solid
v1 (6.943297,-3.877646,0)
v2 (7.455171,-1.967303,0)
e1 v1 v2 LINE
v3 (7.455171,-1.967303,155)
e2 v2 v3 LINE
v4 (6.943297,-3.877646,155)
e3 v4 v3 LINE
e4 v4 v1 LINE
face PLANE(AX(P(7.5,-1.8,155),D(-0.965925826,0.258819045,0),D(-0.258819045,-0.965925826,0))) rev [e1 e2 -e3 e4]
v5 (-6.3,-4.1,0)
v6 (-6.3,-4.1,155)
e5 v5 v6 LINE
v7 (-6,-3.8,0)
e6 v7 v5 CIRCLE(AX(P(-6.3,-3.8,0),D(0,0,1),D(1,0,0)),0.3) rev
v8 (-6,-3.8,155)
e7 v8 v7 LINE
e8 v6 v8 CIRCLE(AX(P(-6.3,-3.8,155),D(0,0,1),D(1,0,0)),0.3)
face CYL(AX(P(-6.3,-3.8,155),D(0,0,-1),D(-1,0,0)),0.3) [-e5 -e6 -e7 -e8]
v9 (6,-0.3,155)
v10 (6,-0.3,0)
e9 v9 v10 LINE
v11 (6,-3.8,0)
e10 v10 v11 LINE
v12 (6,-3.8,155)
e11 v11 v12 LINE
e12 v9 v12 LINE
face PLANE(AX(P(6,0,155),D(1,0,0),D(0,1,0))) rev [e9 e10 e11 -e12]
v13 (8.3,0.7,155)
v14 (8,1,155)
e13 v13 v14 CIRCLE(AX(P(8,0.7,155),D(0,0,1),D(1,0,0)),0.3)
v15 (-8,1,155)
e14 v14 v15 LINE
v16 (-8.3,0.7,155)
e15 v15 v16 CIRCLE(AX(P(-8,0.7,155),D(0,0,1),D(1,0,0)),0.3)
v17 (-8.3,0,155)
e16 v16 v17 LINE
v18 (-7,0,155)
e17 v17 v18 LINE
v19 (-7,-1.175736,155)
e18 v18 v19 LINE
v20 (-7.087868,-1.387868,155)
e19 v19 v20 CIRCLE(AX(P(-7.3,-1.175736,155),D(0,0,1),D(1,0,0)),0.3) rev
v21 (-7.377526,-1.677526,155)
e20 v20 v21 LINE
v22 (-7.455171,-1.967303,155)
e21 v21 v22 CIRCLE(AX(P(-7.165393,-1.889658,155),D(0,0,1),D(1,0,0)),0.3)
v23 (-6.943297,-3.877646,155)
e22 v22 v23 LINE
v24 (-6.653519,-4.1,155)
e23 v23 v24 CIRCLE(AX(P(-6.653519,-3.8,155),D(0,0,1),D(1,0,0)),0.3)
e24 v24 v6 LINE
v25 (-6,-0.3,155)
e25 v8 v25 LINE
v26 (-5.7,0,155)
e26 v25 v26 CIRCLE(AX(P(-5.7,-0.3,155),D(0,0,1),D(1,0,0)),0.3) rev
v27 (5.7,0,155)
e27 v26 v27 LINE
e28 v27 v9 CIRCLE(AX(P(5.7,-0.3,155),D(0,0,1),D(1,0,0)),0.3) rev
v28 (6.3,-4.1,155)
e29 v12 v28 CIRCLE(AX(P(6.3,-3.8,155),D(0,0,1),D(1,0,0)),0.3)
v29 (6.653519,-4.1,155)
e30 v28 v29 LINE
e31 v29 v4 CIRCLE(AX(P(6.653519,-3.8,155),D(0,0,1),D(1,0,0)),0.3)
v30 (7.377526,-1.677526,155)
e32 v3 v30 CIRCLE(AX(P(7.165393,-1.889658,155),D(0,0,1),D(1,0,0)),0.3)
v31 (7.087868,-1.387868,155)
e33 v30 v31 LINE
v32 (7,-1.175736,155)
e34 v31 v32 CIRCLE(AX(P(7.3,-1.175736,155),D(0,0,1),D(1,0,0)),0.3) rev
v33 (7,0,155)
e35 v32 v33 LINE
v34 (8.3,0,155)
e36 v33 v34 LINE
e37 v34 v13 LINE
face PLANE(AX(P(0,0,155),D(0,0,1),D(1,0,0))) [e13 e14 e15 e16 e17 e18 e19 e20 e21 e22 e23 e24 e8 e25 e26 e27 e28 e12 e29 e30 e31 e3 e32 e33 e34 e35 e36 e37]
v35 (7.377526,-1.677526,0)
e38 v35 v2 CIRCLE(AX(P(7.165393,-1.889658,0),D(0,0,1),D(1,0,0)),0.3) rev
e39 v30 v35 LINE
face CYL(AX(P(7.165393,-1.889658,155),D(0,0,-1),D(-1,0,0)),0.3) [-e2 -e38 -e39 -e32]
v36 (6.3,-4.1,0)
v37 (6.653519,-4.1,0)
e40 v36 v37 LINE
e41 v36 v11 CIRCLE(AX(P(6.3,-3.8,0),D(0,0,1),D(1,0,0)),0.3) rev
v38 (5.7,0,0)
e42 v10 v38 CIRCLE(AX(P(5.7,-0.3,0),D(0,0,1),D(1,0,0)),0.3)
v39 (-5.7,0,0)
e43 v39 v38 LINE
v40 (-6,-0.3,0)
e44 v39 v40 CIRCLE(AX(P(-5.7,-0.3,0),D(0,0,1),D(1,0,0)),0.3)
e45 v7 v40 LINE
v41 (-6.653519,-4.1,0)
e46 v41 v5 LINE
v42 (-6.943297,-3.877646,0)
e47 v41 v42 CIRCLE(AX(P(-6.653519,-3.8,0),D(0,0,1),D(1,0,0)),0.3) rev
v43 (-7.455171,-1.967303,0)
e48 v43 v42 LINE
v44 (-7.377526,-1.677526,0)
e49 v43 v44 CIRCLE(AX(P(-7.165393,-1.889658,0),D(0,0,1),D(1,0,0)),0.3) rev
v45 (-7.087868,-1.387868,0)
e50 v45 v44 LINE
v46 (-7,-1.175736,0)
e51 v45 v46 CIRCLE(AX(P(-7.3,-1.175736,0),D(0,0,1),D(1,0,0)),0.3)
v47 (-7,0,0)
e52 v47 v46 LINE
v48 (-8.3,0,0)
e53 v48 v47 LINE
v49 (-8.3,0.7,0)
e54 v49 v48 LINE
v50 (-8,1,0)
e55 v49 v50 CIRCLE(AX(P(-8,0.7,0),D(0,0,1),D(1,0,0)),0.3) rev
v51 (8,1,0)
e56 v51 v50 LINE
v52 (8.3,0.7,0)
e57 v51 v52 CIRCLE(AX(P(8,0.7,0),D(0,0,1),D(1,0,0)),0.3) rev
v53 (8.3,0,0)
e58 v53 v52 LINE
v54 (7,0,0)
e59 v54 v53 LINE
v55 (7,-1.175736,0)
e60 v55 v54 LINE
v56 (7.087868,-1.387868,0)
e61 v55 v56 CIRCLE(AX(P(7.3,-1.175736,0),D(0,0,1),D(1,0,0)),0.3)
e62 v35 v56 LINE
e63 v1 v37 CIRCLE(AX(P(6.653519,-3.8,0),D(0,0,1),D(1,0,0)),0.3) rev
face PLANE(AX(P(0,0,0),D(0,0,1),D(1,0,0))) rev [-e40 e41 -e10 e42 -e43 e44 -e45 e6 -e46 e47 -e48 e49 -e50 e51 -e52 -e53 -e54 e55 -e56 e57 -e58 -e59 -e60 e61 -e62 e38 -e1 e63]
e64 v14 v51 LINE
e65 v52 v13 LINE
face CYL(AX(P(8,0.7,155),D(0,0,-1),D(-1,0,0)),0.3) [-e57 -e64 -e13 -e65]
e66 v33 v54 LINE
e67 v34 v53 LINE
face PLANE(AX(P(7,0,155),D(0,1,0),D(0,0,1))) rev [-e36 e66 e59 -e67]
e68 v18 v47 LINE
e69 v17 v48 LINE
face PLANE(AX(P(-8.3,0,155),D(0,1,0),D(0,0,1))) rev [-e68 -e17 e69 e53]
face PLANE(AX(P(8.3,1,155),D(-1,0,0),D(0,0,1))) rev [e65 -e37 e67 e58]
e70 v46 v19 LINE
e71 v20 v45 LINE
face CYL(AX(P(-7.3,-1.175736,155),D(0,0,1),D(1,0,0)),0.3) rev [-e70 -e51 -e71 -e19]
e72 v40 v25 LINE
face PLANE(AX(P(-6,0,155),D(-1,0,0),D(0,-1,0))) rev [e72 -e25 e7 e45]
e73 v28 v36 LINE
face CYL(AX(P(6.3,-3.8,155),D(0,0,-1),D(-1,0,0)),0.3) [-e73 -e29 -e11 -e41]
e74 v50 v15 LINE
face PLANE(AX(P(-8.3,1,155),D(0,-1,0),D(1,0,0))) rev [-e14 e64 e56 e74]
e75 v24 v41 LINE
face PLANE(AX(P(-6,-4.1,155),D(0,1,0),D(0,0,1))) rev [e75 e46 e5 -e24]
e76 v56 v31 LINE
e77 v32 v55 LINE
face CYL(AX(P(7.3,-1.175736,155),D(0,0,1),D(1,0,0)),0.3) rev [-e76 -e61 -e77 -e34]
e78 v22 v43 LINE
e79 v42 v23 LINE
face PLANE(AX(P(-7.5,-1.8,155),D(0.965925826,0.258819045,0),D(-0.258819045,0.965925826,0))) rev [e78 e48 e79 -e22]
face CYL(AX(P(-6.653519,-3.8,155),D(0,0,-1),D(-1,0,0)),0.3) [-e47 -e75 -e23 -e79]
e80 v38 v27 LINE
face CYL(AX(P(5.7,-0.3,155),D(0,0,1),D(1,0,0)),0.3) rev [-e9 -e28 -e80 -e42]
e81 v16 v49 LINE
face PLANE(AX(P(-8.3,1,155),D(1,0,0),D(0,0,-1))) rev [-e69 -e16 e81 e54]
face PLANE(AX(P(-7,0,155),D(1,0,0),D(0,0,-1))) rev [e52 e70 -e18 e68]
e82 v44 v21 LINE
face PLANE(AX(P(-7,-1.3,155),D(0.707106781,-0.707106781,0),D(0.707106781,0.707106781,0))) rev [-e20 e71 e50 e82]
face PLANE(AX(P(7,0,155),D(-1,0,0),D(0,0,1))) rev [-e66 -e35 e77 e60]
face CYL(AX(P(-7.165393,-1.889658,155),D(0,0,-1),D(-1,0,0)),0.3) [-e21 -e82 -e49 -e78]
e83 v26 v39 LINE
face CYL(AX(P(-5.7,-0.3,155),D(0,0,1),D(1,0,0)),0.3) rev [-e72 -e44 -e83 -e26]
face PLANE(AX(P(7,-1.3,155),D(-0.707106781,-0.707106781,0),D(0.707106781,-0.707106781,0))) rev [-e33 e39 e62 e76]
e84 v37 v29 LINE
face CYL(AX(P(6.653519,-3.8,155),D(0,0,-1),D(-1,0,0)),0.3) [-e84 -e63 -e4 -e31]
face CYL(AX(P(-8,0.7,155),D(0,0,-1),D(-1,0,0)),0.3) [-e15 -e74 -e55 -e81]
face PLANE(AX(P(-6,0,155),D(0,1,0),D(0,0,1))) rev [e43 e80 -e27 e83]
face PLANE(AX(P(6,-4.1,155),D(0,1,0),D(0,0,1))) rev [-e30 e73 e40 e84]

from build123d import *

# Parameters (mm, degrees)
BOSS_EXTRUDE1_DEPTH = 155
FILLET1_R           = 0.3


with BuildPart() as part:
    # Sketch1 → Boss-Extrude1 (new body)
    with BuildSketch(Plane.XY):
        Polygon((-8.3, 1), (8.3, 1), (8.3, 0), (7, 0), (7, -1.3), (7.5, -1.8), (6.883716857, -4.1), (6, -4.1), (6, 0), (-6, 0), (-6, -4.1), (-6.883716857, -4.1), (-7.5, -1.8), (-7, -1.3), (-7, 0), (-8.3, 0), align=None)
    extrude(amount=BOSS_EXTRUDE1_DEPTH)

    # Fillet1
    fillet1_edges = [part.edges().sort_by_distance(p)[0] for p in [
        (-8.3, 1, 77.5),
        (8.3, 1, 77.5),
        (7, -1.3, 77.5),
        (7.5, -1.8, 77.5),
        (6.883716857, -4.1, 77.5),
        (6, -4.1, 77.5),
        (6, 0, 77.5),
        (-6, 0, 77.5),
        (-6, -4.1, 77.5),
        (-6.883716857, -4.1, 77.5),
        (-7.5, -1.8, 77.5),
        (-7, -1.3, 77.5),
    ]]
    fillet(fillet1_edges, radius=FILLET1_R)


solid = part.part
